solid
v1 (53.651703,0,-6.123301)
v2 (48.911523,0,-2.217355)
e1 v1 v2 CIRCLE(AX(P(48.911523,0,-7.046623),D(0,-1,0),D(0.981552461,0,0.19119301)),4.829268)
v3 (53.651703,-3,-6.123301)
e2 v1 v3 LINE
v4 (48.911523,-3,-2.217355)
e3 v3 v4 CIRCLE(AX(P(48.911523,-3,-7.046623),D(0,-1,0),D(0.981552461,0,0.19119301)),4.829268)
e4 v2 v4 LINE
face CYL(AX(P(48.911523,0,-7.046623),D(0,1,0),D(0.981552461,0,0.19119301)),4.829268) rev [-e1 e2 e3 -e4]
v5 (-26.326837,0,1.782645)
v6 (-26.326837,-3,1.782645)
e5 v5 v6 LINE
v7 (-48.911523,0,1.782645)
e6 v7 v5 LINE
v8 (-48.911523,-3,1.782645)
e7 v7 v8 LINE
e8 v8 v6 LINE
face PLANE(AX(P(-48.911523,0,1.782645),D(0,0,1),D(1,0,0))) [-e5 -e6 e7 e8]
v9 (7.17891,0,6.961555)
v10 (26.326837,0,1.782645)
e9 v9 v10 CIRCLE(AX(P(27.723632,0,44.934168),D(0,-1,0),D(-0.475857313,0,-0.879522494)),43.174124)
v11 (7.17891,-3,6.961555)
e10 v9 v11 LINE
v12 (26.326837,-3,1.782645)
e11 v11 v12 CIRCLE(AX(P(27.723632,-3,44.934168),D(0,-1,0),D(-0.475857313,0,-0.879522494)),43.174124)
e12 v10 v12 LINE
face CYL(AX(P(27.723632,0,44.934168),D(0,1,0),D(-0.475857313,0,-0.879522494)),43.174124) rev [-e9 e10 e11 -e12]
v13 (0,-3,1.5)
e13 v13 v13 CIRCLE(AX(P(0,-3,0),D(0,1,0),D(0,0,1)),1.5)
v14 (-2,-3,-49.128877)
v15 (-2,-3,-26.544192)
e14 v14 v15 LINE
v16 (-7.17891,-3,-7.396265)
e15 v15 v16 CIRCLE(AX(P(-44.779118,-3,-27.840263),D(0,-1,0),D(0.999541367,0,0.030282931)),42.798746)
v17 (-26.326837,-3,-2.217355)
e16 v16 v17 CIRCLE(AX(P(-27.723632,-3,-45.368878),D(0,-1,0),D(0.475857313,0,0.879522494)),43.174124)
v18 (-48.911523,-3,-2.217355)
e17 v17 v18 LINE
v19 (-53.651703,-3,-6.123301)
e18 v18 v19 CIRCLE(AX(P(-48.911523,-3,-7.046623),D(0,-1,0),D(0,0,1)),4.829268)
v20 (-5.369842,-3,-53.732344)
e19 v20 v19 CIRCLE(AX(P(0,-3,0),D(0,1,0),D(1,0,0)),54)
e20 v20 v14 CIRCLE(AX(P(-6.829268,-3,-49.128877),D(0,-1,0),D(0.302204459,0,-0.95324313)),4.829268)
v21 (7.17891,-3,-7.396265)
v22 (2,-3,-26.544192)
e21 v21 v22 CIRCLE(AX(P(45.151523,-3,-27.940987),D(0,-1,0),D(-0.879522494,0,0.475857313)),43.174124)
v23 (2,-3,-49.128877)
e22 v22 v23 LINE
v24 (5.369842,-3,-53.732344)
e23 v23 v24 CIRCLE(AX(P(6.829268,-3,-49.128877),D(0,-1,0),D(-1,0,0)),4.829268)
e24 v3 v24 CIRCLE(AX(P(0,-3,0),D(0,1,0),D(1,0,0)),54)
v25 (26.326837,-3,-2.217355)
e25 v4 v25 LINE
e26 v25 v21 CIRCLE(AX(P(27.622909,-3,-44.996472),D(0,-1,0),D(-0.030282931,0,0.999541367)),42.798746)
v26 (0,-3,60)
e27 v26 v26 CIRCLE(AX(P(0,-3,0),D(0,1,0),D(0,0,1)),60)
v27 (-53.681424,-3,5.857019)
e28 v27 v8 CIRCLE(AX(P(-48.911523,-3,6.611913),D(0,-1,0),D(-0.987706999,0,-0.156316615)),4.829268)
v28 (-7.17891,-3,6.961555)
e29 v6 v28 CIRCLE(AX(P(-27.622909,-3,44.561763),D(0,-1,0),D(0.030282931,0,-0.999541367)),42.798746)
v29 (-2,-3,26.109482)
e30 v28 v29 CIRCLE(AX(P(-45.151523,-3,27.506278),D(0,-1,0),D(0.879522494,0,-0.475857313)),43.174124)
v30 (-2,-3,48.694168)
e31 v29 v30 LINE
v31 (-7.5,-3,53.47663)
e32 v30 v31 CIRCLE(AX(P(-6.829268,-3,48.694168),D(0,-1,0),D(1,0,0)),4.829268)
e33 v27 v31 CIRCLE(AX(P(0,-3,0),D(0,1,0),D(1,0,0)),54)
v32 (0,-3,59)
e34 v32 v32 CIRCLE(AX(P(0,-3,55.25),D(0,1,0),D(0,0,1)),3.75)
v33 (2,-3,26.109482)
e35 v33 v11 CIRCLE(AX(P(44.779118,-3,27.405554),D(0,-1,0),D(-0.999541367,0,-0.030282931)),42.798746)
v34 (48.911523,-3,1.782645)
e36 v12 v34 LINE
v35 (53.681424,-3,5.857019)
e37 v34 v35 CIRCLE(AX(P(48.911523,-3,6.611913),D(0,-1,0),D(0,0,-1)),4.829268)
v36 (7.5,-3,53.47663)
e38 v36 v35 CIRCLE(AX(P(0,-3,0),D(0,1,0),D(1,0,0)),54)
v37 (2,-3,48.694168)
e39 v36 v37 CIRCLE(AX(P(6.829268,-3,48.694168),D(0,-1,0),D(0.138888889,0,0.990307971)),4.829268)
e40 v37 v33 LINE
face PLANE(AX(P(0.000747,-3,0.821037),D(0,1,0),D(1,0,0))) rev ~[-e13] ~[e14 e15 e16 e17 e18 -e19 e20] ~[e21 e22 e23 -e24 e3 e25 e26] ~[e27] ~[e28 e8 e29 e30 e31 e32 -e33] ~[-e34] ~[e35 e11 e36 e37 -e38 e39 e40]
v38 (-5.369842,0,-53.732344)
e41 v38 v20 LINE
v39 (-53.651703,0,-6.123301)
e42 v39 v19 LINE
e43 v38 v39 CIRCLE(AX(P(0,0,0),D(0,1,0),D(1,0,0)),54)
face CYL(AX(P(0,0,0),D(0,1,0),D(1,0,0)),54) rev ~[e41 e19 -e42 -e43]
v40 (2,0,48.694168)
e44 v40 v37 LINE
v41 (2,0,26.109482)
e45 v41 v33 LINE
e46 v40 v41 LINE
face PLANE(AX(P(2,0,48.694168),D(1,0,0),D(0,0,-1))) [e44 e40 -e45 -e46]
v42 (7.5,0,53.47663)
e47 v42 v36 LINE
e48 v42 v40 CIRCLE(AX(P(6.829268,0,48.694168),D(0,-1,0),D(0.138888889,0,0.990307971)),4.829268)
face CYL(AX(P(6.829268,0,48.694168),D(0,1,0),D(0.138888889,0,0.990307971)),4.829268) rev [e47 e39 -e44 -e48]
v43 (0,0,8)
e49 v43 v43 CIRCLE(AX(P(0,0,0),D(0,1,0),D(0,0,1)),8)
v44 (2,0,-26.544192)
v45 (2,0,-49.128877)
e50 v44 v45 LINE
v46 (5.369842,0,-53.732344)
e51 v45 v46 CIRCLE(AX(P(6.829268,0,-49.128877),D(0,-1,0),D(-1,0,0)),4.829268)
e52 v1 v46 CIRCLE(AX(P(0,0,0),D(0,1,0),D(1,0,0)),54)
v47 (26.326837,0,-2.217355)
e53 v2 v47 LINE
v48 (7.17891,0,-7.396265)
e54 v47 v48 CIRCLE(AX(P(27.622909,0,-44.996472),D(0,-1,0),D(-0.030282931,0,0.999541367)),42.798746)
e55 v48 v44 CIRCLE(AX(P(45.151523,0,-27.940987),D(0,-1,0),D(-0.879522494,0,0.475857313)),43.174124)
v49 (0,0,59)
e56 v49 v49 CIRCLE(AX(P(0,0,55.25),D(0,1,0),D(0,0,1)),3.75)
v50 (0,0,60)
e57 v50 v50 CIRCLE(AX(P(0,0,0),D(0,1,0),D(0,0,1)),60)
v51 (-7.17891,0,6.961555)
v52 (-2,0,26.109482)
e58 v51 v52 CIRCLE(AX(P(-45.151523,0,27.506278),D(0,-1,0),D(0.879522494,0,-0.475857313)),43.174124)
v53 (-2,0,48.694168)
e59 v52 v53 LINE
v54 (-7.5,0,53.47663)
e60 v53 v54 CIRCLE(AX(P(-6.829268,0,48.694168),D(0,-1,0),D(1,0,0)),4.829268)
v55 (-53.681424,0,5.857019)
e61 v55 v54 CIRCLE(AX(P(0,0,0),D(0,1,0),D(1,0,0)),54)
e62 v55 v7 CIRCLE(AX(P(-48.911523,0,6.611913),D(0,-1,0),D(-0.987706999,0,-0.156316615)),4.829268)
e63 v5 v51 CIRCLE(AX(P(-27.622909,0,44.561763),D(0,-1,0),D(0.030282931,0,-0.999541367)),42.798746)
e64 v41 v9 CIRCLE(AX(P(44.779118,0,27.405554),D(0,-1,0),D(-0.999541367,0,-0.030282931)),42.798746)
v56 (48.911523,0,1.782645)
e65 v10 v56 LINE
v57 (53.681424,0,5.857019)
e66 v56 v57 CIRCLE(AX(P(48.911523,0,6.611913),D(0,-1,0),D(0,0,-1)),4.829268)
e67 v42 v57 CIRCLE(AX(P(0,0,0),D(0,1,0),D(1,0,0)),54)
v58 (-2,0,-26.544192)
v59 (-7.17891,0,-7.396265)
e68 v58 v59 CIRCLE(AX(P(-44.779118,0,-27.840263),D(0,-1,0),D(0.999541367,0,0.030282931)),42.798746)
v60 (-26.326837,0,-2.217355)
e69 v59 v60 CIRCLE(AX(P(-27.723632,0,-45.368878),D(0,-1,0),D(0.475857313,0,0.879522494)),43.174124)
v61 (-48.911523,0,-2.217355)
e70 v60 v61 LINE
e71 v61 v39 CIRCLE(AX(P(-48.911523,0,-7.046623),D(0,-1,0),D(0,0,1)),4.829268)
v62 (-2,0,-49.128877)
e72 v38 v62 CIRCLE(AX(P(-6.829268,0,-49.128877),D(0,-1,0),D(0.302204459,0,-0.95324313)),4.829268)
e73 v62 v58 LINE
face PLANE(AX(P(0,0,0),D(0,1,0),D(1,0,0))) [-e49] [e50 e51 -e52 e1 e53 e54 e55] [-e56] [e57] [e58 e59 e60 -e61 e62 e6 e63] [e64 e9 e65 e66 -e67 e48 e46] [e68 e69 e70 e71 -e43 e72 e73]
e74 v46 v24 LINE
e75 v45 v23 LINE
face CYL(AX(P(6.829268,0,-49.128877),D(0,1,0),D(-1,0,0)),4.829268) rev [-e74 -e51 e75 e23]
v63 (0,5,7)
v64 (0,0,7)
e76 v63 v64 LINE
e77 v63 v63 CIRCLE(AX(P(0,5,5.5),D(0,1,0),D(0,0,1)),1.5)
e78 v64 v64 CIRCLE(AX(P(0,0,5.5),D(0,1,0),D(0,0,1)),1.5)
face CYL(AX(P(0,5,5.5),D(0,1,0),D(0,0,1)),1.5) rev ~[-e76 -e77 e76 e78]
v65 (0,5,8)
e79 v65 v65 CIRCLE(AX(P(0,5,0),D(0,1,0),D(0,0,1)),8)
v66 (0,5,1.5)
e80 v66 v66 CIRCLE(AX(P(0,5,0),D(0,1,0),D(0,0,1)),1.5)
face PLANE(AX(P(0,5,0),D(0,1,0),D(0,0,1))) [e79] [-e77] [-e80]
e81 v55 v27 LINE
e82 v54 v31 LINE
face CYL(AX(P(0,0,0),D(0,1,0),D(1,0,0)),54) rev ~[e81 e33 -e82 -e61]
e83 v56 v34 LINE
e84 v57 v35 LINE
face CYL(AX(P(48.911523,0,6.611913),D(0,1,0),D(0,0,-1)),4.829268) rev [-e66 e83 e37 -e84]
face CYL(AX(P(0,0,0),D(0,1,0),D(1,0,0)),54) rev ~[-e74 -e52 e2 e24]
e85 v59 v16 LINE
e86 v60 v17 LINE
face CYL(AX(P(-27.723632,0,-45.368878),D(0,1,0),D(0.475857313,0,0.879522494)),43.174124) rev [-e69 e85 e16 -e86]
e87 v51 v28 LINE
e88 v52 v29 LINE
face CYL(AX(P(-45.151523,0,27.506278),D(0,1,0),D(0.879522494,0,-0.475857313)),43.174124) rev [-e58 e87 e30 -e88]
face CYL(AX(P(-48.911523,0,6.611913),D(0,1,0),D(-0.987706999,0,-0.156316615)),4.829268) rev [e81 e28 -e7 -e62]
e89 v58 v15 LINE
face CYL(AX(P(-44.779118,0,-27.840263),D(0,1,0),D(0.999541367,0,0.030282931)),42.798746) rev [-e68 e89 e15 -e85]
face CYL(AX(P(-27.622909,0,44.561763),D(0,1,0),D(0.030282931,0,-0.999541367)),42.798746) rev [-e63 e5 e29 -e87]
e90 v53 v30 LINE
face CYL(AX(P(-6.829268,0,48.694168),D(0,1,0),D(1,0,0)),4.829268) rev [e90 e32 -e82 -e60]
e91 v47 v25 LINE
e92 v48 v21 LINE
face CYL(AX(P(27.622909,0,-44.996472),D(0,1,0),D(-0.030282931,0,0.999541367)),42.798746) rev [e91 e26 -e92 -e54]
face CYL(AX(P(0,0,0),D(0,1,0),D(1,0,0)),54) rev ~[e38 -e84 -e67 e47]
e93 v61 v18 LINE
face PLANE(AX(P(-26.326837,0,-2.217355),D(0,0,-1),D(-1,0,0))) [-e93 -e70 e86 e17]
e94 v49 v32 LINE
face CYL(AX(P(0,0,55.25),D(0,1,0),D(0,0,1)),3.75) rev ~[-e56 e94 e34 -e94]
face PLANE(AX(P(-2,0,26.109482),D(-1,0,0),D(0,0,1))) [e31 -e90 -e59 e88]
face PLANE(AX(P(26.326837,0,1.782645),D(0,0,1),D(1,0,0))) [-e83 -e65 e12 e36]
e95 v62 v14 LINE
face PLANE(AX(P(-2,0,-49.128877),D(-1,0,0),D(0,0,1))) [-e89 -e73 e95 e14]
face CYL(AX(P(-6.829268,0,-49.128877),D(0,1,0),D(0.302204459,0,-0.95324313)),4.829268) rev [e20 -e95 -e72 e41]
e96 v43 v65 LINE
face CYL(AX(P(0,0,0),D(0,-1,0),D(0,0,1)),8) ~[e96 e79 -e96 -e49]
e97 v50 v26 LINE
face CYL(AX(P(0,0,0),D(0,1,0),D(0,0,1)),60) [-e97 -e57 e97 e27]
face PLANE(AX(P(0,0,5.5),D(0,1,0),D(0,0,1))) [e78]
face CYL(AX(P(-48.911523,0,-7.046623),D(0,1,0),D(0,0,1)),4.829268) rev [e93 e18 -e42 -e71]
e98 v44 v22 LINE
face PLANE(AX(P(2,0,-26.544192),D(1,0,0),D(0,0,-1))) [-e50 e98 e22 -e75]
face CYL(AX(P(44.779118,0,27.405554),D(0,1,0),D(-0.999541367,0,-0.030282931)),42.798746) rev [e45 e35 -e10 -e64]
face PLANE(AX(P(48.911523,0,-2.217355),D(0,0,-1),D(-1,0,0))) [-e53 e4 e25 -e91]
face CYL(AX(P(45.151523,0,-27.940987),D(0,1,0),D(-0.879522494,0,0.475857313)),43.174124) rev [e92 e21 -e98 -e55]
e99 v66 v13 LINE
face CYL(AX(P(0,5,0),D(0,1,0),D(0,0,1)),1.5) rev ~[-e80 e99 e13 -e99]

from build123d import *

# Parameters (mm, degrees)
SKETCH1_R           = 60
SKETCH1_R_2         = 54
SKETCH1_R_3         = 8
BOSS_EXTRUDE1_DEPTH = 3
SKETCH1_3_R         = 8
BOSS_EXTRUDE2_DEPTH = 5
CUT_EXTRUDE1_REACH  = 87.229
SKETCH2_R           = 1.5
CUT_EXTRUDE2_REACH  = 87
SKETCH3_R           = 3.75
SKETCH4_R           = 1.5
CUT_EXTRUDE3_DEPTH  = 5


with BuildPart() as part:
    # Sketch1 → Boss-Extrude1 (new body)
    # profile 1 of 3: a face of its own
    with BuildSketch(Plane(origin=(0, 0, 0), x_dir=(1, 0, 0), z_dir=(0, 1, 0))):
        with Locations(Location((0, 0, 0), (0, 0, 270))):
            Circle(SKETCH1_R)
        Circle(SKETCH1_R_2, mode=Mode.SUBTRACT)
    # profile 2 of 3: a face of its own
    with BuildSketch(Plane(origin=(0, 0, 0), x_dir=(1, 0, 0), z_dir=(0, 1, 0))):
        with BuildLine():
            ThreePointArc((7.5, -53.47663041), (3.660460389, -52.338407931), (2.000000204, -48.694167705))
            Line((2.000000204, -48.694167705), (2.000000204, -26.109482291))
            ThreePointArc((2.000000204, -26.109482291), (3.464837403, -16.231345149), (7.178910038, -6.961555191))
            ThreePointArc((7.178910038, -6.961555191), (16.451417639, -3.257530466), (26.326837138, -1.782645358))
            Line((26.326837138, -1.782645358), (48.911522552, -1.782645358))
            ThreePointArc((48.911522552, -1.782645358), (52.048100377, -2.939896306), (53.681424467, -5.857018624))
            ThreePointArc((53.681424467, -5.857018624), (53.920297297, -2.93283811), (54, 0))
            ThreePointArc((54, 0), (53.912855321, 3.066599276), (53.651702551, 6.123300855))
            ThreePointArc((53.651702551, 6.123300855), (51.982585847, 3.31964037), (48.911522552, 2.217355051))
            Line((48.911522552, 2.217355051), (26.326837138, 2.217355051))
            ThreePointArc((26.326837138, 2.217355051), (16.448699996, 3.682192249), (7.178910038, 7.396264884))
            ThreePointArc((7.178910038, 7.396264884), (3.474885313, 16.668772485), (2.000000204, 26.544191985))
            Line((2.000000204, 26.544191985), (2.000000204, 49.128877399))
            ThreePointArc((2.000000204, 49.128877399), (2.932488129, 51.981408674), (5.369841962, 53.732344052))
            ThreePointArc((5.369841962, 53.732344052), (0, 54), (-5.369841962, 53.732344052))
            ThreePointArc((-5.369841962, 53.732344052), (-2.932488129, 51.981408674), (-2.000000204, 49.128877399))
            Line((-2.000000204, 49.128877399), (-2.000000204, 26.544191985))
            ThreePointArc((-2.000000204, 26.544191985), (-3.464837403, 16.666054843), (-7.178910038, 7.396264884))
            ThreePointArc((-7.178910038, 7.396264884), (-16.451417639, 3.69224016), (-26.326837138, 2.217355051))
            Line((-26.326837138, 2.217355051), (-48.911522552, 2.217355051))
            ThreePointArc((-48.911522552, 2.217355051), (-51.982585847, 3.31964037), (-53.651702551, 6.123300855))
            ThreePointArc((-53.651702551, 6.123300855), (-53.99983382, 0.133967924), (-53.681424467, -5.857018624))
            ThreePointArc((-53.681424467, -5.857018624), (-52.048100377, -2.939896306), (-48.911522552, -1.782645358))
            Line((-48.911522552, -1.782645358), (-26.326837138, -1.782645358))
            ThreePointArc((-26.326837138, -1.782645358), (-16.448699996, -3.247482556), (-7.178910038, -6.961555191))
            ThreePointArc((-7.178910038, -6.961555191), (-3.474885313, -16.234062792), (-2.000000204, -26.109482291))
            Line((-2.000000204, -26.109482291), (-2.000000204, -48.694167705))
            ThreePointArc((-2.000000204, -48.694167705), (-3.660460389, -52.338407931), (-7.5, -53.47663041))
            ThreePointArc((-7.5, -53.47663041), (0, -54), (7.5, -53.47663041))
        make_face()
        Circle(SKETCH1_R_3, mode=Mode.SUBTRACT)
    # profile 3 of 3: a face of its own
    with BuildSketch(Plane(origin=(0, 0, 0), x_dir=(1, 0, 0), z_dir=(0, 1, 0))):
        Circle(SKETCH1_R_3)
    extrude(amount=-BOSS_EXTRUDE1_DEPTH)

    # Sketch1<3> → Boss-Extrude2 (add)
    with BuildSketch(Plane(origin=(0, 0, 0), x_dir=(1, 0, 0), z_dir=(0, 1, 0))):
        with Locations(Location((0, 0, 0), (0, 0, 270))):
            Circle(SKETCH1_3_R)
    extrude(amount=BOSS_EXTRUDE2_DEPTH)

    # Sketch2 → Cut-Extrude1 (cut, up to next)
    with BuildSketch(Plane(origin=(0, 5, 0), x_dir=(1, 0, 0), z_dir=(0, 1, 0)), mode=Mode.PRIVATE) as cut_extrude1_sk1:
        with Locations(Location((0, 0, 0), (0, 0, 270))):
            Circle(SKETCH2_R)
    cut_extrude1_tool1 = extrude(cut_extrude1_sk1.sketch, amount=-CUT_EXTRUDE1_REACH, mode=Mode.PRIVATE) & part.part
    add(cut_extrude1_tool1.solids().sort_by_distance((0, 5, 0))[0], mode=Mode.SUBTRACT)

    # Sketch3 → Cut-Extrude2 (cut, up to next)
    with BuildSketch(Plane(origin=(0, 0, 0), x_dir=(1, 0, 0), z_dir=(0, 1, 0)), mode=Mode.PRIVATE) as cut_extrude2_sk1:
        with Locations(Location((0, -55.25, 0), (0, 0, 270))):
            Circle(SKETCH3_R)
    cut_extrude2_tool1 = extrude(cut_extrude2_sk1.sketch, amount=-CUT_EXTRUDE2_REACH, mode=Mode.PRIVATE) & part.part
    add(cut_extrude2_tool1.solids().sort_by_distance((0, 0, 55.25))[0], mode=Mode.SUBTRACT)

    # Sketch4 → Cut-Extrude3 (cut)
    with BuildSketch(Plane(origin=(0, 5, 0), x_dir=(1, 0, 0), z_dir=(0, 1, 0))):
        with Locations(Location((0, -5.5, 0), (0, 0, 270))):
            Circle(SKETCH4_R)
    extrude(amount=-CUT_EXTRUDE3_DEPTH, mode=Mode.SUBTRACT)


solid = part.part
